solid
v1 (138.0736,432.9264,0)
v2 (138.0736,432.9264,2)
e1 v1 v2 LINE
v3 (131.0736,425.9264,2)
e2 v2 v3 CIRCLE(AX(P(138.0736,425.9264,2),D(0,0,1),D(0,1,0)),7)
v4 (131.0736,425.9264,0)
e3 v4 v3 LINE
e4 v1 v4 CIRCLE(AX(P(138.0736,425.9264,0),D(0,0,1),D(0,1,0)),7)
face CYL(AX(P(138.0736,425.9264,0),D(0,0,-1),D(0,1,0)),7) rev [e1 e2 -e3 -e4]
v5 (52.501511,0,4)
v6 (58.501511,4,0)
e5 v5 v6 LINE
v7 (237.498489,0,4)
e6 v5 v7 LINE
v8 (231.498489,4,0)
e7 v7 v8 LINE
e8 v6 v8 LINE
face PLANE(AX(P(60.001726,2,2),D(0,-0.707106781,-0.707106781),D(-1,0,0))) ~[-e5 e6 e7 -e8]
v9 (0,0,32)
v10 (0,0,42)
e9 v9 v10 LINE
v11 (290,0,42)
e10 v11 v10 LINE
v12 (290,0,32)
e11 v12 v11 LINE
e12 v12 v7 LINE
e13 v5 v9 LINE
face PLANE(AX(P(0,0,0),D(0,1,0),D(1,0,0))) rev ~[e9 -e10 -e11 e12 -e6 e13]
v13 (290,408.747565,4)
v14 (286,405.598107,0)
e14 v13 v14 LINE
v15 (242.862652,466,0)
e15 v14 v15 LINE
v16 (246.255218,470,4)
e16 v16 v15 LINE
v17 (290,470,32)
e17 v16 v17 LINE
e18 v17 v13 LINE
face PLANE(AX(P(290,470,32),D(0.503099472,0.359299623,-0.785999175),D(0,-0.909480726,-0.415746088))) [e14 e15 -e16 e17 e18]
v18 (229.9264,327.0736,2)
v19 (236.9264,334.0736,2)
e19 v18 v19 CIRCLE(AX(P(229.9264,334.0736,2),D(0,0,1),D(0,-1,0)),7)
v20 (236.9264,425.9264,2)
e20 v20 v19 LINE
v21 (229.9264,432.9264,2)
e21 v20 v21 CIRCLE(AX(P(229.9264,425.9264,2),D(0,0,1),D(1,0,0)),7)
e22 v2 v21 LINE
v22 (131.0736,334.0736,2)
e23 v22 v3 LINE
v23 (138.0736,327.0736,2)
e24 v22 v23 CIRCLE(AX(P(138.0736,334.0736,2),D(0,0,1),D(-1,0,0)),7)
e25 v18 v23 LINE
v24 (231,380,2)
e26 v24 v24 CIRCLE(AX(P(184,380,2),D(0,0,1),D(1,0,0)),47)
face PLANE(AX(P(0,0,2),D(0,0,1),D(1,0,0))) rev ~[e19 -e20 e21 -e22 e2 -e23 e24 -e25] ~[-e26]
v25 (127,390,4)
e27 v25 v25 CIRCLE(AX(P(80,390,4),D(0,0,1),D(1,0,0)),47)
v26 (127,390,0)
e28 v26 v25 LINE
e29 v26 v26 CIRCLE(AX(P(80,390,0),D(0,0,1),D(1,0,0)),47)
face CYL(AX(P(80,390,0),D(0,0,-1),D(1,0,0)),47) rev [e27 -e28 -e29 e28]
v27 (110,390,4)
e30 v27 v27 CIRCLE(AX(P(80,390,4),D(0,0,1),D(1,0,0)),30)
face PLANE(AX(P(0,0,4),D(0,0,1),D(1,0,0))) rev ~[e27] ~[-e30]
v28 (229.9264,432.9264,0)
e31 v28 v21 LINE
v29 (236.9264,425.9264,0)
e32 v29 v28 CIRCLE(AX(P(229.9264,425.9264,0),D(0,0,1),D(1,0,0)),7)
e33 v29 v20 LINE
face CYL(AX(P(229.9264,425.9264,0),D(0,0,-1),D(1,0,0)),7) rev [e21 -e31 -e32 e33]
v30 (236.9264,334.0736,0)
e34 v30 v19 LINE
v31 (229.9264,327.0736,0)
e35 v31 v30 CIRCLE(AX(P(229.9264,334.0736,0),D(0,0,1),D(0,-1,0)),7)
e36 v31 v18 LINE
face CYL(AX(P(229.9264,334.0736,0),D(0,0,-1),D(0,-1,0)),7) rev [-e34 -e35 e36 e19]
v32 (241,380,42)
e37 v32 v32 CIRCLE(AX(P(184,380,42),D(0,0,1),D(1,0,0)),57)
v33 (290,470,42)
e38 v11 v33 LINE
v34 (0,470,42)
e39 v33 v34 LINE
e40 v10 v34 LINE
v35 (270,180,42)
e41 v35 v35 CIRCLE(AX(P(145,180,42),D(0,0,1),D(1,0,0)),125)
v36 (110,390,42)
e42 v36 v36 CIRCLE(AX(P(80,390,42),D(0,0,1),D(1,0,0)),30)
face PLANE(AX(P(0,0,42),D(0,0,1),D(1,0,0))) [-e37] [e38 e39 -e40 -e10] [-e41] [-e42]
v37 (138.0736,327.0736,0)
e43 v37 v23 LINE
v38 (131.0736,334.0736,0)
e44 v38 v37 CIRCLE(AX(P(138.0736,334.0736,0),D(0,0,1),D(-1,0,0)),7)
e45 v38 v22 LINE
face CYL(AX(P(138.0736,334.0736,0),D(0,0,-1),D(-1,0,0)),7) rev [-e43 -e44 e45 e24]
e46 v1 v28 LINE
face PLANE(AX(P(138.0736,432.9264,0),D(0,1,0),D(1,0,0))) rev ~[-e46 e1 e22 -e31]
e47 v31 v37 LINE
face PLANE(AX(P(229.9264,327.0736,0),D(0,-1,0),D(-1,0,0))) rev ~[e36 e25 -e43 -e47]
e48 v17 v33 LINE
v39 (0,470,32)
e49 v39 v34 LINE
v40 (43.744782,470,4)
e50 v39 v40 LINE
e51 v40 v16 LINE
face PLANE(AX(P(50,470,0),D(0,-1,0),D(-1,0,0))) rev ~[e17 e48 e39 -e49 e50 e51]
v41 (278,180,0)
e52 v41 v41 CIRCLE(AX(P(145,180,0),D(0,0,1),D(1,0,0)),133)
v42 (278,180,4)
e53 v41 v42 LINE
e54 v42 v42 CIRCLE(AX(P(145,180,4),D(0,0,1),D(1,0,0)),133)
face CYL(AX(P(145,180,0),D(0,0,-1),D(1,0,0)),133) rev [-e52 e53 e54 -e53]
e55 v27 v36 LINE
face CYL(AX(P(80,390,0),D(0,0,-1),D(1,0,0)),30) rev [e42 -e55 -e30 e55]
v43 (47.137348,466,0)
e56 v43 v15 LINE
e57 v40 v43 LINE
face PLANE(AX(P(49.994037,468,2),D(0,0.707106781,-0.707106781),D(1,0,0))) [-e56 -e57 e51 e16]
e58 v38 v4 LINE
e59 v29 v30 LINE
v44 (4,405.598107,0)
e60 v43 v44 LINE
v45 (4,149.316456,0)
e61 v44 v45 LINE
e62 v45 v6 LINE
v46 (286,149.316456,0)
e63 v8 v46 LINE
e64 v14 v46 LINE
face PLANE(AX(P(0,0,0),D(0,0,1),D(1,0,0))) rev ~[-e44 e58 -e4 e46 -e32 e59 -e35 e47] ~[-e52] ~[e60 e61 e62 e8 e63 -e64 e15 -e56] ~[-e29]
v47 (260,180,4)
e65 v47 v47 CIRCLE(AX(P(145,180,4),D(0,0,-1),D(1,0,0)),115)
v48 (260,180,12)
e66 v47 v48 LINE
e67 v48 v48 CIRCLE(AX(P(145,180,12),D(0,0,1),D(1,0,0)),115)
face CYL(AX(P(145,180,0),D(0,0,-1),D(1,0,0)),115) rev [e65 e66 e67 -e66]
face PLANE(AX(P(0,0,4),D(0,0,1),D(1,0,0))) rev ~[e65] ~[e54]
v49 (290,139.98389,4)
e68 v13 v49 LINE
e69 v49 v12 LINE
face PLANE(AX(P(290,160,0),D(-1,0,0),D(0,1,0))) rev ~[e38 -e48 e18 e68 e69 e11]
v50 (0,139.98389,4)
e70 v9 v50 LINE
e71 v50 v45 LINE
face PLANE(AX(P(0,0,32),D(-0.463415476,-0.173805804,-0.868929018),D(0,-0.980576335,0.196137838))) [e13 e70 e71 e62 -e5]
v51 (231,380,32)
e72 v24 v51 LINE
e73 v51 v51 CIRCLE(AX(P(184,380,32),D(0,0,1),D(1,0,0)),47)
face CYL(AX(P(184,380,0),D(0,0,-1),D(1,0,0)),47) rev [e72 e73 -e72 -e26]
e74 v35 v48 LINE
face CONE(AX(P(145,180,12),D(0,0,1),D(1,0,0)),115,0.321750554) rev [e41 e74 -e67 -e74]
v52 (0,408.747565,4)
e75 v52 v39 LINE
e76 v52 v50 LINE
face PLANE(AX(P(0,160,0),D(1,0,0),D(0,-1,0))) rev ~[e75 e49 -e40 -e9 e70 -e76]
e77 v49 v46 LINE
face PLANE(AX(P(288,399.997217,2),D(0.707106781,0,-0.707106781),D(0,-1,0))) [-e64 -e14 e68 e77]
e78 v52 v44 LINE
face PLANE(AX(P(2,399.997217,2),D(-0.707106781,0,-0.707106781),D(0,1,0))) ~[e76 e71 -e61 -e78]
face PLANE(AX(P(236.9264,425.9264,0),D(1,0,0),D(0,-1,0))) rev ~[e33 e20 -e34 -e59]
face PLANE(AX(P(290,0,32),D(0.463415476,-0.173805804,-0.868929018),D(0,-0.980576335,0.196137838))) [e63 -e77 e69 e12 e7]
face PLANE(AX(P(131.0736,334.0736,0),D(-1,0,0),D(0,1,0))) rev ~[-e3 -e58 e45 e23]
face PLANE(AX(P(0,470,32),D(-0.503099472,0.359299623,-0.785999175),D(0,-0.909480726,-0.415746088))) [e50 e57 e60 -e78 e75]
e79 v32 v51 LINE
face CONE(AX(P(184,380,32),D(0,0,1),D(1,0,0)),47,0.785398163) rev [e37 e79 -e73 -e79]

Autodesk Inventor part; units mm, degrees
sketch "Эскиз1" plane through (0, 0, 0) normal (0, 0, 1) x (1, 0, 0)
  line L0 (0, 0) -> (290, 0)
  line L1 (290, 0) -> (290, 470)
  line L2 (290, 470) -> (0, 470)
  line L3 (0, 470) -> (0, 0)
  line L4 (145, 470) -> (145, 0) construction
  circle A0 centre (145, 180) radius 133
  circle A1 centre (145, 180) radius 115
  circle A2 centre (80, 390) radius 47
  circle A3 centre (80, 390) radius 30
  line L5 (138.0736, 432.9264) -> (229.9264, 432.9264)
  line L6 (236.9264, 425.9264) -> (236.9264, 334.0736)
  line L7 (229.9264, 327.0736) -> (138.0736, 327.0736)
  line L8 (131.0736, 334.0736) -> (131.0736, 425.9264)
  line L9 (131.0736, 432.9264) -> (236.9264, 327.0736) construction
  line L10 (236.9264, 432.9264) -> (131.0736, 327.0736) construction
  circle A4 centre (184, 380) radius 47
  circle A5 centre (184, 380) radius 58 construction
  line L11 (0, 160) -> (60, 0)
  line L12 (290, 160) -> (230, 0)
  line L13 (50, 470) -> (0, 400)
  line L14 (240, 470) -> (290, 400)
  line L15 (290, 320) -> (0, 320) construction
  arc A6 (236.9264, 428.9264) -> (232.9264, 432.9264) centre (232.9264, 428.9264) ccw
  arc A7 (236.9264, 425.9264) -> (229.9264, 432.9264) centre (229.9264, 425.9264) ccw
  arc A8 (138.0736, 432.9264) -> (131.0736, 425.9264) centre (138.0736, 425.9264) ccw
  arc A9 (131.0736, 334.0736) -> (138.0736, 327.0736) centre (138.0736, 334.0736) ccw
  arc A10 (229.9264, 327.0736) -> (236.9264, 334.0736) centre (229.9264, 334.0736) ccw
  line L16 (0, 320) -> (290, 320)
  dimension "d0" = 290
  dimension "d1" = 470
  dimension "d3" = 266
  dimension "d4" = 230
  dimension "d5" = 94
  dimension "d6" = 60
  dimension "d9" = 94
  dimension "d11" = 380
  dimension "d12" = 390
  dimension "d13" = 180
  dimension "d16" = 160
  dimension "d17" = 60
  dimension "d20" = 80
  dimension "d21" = 50
  dimension "d38" = 70
  dimension "d39" = 320
  dimension "d51" = 106
extrude "Выдавливание1" add sketch "Эскиз1" along normal blind 42 contours L3 L11 L0 | L11 L3 L16 L1 L12 L0 | L12 L1 L0 | L3 L13 L2 L14 L1 L16 | L3 L2 L13 | L14 L2 L1 | A0 | A2 | L5 A7 L6 A10 L7 A9 L8 A8
sketch "Эскиз3" plane through (0, 470, 0) normal (0, 1, 0) x (1, 0, 0)
  line L0 (290, 0) -> (290, -42) projected
  line L1 (0, 0) -> (0, -42) projected
  point P0 (290, -32)
  point P1 (0, -32)
  dimension "d24" = 10
  dimension "d25" = 10
sketch "Эскиз4" plane through (0, 0, 0) normal (0, -1, 0) x (1, 0, 0)
  line L0 (0, 0) -> (0, 42) projected
  line L1 (290, 0) -> (290, 42) projected
  point P0 (0, 32)
  point P1 (290, 32)
chamfer "Фаска2" distance 10 distance2 30 1 edges at (30, 180, 42) measured on face at (145, 21.6667, 42)
chamfer "Фаска3" distance 10 angle 45 1 edges at (137, 380, 42)
ref_plane "РабПлоскость8" through (0, 470, 32) normal (-0.5031, 0.3593, -0.786) x (0.8423, 0, -0.5391)
split "Разделение8" plane through (0, 470, 32) removes the side toward (-0.5031, 0.3593, -0.786)
ref_plane "РабПлоскость9" through (290, 470, 32) normal (-0.5031, -0.3593, 0.786) x (-0.8423, 0, -0.5391)
split "Разделение9" plane through (290, 470, 32) removes the side toward (0.5031, 0.3593, -0.786)
ref_plane "РабПлоскость10" through (0, 0, 32) normal (0.4634, 0.1738, 0.8689) x (0.8824, 0, -0.4706)
split "Разделение10" plane through (0, 0, 32) removes the side toward (-0.4634, -0.1738, -0.8689)
ref_plane "РабПлоскость11" through (290, 0, 32) normal (-0.4634, 0.1738, 0.8689) x (0, 0.9806, -0.1961)
split "Разделение11" plane through (290, 0, 32) removes the side toward (0.4634, -0.1738, -0.8689)
chamfer "Фаска5" distance 4 angle 45 4 edges at (290, 280, 0) (145, 470, 0) (0, 280, 0) (145, 0, 0)
extrude "Выдавливание2" cut sketch "Эскиз1" along normal blind 4 contours A0 | A1
extrude "Выдавливание3" cut sketch "Эскиз1" along normal blind 4 contours A2
extrude "Выдавливание4" cut sketch "Эскиз1" along normal blind 2 contours L5 A7 L6 A10 L7 A9 L8 A8
properties part number "Front" material "Пластик АБС"
